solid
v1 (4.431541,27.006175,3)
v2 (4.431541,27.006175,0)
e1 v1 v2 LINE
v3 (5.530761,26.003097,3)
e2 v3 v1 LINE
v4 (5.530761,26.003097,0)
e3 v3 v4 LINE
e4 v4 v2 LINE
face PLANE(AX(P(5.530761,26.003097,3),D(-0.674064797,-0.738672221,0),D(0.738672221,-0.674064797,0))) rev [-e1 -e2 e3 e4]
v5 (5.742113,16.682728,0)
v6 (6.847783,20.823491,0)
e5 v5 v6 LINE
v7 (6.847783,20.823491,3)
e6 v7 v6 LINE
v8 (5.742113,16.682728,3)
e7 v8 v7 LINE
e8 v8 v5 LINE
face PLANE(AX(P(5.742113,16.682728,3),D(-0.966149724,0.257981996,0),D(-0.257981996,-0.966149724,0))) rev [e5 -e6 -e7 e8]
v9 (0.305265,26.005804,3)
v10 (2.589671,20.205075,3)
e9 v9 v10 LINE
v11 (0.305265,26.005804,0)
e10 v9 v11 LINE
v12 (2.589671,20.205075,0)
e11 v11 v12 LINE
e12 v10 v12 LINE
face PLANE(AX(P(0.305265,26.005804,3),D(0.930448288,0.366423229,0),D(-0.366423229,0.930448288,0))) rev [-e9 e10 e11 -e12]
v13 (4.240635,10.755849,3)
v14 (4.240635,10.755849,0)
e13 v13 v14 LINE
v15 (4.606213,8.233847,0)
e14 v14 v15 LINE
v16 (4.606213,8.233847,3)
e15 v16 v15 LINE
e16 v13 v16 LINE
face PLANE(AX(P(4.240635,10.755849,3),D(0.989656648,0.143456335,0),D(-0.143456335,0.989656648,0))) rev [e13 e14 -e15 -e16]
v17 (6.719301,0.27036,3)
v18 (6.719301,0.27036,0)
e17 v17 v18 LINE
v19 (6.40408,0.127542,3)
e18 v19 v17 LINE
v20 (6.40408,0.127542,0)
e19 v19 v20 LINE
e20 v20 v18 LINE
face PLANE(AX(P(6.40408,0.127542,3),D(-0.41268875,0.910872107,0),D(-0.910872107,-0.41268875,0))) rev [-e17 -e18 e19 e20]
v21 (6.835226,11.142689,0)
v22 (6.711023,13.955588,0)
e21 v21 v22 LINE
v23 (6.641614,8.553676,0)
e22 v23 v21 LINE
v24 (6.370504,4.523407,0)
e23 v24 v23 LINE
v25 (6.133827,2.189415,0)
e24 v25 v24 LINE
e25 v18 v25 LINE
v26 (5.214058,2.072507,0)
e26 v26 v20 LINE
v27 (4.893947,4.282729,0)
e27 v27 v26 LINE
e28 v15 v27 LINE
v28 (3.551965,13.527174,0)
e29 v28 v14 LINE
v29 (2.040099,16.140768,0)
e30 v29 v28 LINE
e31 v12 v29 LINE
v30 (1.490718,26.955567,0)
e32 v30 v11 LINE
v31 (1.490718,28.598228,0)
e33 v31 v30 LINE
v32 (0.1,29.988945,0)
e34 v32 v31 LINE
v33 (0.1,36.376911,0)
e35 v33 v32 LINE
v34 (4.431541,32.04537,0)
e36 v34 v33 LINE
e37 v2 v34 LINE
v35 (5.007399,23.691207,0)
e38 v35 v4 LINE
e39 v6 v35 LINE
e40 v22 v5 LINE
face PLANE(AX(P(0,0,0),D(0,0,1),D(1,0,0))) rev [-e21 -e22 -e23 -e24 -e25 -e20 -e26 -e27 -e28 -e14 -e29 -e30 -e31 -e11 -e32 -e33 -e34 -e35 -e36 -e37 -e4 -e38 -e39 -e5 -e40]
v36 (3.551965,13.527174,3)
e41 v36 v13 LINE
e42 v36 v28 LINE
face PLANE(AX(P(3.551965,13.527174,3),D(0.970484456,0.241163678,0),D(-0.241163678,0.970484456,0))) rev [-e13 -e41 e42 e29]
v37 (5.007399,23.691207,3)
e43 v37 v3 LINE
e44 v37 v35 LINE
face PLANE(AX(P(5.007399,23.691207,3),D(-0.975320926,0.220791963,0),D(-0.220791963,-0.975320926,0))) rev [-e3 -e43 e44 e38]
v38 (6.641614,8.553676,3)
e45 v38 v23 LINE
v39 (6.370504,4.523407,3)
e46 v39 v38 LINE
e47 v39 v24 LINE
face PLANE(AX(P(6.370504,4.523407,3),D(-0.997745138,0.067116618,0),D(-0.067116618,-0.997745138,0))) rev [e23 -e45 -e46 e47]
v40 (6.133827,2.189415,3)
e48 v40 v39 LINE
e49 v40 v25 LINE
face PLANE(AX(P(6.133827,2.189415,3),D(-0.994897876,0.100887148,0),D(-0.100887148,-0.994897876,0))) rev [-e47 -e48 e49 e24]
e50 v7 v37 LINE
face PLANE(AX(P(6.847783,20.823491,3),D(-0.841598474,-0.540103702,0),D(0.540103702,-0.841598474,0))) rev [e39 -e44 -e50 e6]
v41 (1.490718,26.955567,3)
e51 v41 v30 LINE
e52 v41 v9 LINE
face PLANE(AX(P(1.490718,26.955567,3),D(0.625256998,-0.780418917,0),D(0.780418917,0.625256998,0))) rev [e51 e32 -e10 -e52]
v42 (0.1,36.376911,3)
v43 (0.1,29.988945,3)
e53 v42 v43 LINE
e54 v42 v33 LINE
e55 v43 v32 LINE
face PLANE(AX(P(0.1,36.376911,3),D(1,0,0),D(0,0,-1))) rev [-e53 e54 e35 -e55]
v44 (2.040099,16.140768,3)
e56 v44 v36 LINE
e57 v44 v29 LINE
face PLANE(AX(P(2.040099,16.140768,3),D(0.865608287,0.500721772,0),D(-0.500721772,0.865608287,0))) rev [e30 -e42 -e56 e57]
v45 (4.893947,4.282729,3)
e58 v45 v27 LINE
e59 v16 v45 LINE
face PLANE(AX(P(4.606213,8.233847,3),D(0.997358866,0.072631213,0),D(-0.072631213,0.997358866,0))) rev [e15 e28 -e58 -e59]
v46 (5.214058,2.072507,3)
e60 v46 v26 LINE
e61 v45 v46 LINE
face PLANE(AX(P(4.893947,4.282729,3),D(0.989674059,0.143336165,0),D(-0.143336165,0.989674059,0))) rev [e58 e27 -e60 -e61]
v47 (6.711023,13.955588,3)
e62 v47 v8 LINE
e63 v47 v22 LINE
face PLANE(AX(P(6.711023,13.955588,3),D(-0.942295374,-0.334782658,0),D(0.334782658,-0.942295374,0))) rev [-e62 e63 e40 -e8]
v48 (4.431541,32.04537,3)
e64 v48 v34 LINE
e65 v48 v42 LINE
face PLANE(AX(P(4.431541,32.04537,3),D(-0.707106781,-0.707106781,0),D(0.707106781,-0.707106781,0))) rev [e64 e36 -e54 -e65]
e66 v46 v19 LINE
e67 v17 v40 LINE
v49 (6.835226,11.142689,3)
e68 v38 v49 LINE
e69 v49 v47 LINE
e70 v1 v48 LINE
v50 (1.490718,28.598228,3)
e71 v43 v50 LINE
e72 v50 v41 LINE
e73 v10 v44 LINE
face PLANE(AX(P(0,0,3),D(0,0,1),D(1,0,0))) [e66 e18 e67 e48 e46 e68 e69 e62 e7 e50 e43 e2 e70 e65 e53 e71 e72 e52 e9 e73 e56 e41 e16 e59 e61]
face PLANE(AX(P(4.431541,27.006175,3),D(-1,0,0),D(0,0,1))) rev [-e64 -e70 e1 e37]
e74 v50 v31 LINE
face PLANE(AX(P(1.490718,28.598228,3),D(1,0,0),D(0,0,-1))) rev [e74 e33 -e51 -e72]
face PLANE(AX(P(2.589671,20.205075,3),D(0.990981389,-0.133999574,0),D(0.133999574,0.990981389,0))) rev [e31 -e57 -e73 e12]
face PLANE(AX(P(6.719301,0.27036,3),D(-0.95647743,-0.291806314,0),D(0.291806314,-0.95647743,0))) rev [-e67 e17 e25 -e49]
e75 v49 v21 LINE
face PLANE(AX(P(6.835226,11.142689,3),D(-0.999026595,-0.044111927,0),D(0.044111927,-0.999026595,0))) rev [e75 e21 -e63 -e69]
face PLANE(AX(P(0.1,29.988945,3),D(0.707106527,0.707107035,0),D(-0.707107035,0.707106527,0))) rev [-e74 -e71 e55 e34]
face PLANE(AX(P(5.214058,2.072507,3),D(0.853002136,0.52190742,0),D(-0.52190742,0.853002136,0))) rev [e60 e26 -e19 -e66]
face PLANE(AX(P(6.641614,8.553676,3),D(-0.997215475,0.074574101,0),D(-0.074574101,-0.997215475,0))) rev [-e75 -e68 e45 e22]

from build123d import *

# Parameters (mm, degrees)
AUFSATZ_LINEAR_AUSTRAGEN1_DEPTH = 3


with BuildPart() as part:
    # Model → Aufsatz-Linear austragen1 (new body)
    with BuildSketch(Plane.XY):
        Polygon((0.1, 36.376910644), (0.1, 29.988945377), (1.490718, 28.598228377), (1.490718, 26.955566815), (0.305264989, 26.005804098), (2.589671063, 20.205075454), (2.040099248, 16.140768205), (3.551965251, 13.52717356), (4.240634577, 10.755848785), (4.606213, 8.233847104), (4.893947442, 4.282729041), (5.214057616, 2.072507117), (6.404079879, 0.12754237), (6.71930093, 0.270359545), (6.133826966, 2.189415456), (6.370504233, 4.523406601), (6.641613576, 8.553675635), (6.835226074, 11.142689493), (6.711022821, 13.955587557), (5.742113085, 16.682727508), (6.847782624, 20.823490567), (5.007398507, 23.691207376), (5.530761218, 26.003096802), (4.431541, 27.00617453), (4.431541, 32.045369644), align=None)
    extrude(amount=AUFSATZ_LINEAR_AUSTRAGEN1_DEPTH)


solid = part.part
